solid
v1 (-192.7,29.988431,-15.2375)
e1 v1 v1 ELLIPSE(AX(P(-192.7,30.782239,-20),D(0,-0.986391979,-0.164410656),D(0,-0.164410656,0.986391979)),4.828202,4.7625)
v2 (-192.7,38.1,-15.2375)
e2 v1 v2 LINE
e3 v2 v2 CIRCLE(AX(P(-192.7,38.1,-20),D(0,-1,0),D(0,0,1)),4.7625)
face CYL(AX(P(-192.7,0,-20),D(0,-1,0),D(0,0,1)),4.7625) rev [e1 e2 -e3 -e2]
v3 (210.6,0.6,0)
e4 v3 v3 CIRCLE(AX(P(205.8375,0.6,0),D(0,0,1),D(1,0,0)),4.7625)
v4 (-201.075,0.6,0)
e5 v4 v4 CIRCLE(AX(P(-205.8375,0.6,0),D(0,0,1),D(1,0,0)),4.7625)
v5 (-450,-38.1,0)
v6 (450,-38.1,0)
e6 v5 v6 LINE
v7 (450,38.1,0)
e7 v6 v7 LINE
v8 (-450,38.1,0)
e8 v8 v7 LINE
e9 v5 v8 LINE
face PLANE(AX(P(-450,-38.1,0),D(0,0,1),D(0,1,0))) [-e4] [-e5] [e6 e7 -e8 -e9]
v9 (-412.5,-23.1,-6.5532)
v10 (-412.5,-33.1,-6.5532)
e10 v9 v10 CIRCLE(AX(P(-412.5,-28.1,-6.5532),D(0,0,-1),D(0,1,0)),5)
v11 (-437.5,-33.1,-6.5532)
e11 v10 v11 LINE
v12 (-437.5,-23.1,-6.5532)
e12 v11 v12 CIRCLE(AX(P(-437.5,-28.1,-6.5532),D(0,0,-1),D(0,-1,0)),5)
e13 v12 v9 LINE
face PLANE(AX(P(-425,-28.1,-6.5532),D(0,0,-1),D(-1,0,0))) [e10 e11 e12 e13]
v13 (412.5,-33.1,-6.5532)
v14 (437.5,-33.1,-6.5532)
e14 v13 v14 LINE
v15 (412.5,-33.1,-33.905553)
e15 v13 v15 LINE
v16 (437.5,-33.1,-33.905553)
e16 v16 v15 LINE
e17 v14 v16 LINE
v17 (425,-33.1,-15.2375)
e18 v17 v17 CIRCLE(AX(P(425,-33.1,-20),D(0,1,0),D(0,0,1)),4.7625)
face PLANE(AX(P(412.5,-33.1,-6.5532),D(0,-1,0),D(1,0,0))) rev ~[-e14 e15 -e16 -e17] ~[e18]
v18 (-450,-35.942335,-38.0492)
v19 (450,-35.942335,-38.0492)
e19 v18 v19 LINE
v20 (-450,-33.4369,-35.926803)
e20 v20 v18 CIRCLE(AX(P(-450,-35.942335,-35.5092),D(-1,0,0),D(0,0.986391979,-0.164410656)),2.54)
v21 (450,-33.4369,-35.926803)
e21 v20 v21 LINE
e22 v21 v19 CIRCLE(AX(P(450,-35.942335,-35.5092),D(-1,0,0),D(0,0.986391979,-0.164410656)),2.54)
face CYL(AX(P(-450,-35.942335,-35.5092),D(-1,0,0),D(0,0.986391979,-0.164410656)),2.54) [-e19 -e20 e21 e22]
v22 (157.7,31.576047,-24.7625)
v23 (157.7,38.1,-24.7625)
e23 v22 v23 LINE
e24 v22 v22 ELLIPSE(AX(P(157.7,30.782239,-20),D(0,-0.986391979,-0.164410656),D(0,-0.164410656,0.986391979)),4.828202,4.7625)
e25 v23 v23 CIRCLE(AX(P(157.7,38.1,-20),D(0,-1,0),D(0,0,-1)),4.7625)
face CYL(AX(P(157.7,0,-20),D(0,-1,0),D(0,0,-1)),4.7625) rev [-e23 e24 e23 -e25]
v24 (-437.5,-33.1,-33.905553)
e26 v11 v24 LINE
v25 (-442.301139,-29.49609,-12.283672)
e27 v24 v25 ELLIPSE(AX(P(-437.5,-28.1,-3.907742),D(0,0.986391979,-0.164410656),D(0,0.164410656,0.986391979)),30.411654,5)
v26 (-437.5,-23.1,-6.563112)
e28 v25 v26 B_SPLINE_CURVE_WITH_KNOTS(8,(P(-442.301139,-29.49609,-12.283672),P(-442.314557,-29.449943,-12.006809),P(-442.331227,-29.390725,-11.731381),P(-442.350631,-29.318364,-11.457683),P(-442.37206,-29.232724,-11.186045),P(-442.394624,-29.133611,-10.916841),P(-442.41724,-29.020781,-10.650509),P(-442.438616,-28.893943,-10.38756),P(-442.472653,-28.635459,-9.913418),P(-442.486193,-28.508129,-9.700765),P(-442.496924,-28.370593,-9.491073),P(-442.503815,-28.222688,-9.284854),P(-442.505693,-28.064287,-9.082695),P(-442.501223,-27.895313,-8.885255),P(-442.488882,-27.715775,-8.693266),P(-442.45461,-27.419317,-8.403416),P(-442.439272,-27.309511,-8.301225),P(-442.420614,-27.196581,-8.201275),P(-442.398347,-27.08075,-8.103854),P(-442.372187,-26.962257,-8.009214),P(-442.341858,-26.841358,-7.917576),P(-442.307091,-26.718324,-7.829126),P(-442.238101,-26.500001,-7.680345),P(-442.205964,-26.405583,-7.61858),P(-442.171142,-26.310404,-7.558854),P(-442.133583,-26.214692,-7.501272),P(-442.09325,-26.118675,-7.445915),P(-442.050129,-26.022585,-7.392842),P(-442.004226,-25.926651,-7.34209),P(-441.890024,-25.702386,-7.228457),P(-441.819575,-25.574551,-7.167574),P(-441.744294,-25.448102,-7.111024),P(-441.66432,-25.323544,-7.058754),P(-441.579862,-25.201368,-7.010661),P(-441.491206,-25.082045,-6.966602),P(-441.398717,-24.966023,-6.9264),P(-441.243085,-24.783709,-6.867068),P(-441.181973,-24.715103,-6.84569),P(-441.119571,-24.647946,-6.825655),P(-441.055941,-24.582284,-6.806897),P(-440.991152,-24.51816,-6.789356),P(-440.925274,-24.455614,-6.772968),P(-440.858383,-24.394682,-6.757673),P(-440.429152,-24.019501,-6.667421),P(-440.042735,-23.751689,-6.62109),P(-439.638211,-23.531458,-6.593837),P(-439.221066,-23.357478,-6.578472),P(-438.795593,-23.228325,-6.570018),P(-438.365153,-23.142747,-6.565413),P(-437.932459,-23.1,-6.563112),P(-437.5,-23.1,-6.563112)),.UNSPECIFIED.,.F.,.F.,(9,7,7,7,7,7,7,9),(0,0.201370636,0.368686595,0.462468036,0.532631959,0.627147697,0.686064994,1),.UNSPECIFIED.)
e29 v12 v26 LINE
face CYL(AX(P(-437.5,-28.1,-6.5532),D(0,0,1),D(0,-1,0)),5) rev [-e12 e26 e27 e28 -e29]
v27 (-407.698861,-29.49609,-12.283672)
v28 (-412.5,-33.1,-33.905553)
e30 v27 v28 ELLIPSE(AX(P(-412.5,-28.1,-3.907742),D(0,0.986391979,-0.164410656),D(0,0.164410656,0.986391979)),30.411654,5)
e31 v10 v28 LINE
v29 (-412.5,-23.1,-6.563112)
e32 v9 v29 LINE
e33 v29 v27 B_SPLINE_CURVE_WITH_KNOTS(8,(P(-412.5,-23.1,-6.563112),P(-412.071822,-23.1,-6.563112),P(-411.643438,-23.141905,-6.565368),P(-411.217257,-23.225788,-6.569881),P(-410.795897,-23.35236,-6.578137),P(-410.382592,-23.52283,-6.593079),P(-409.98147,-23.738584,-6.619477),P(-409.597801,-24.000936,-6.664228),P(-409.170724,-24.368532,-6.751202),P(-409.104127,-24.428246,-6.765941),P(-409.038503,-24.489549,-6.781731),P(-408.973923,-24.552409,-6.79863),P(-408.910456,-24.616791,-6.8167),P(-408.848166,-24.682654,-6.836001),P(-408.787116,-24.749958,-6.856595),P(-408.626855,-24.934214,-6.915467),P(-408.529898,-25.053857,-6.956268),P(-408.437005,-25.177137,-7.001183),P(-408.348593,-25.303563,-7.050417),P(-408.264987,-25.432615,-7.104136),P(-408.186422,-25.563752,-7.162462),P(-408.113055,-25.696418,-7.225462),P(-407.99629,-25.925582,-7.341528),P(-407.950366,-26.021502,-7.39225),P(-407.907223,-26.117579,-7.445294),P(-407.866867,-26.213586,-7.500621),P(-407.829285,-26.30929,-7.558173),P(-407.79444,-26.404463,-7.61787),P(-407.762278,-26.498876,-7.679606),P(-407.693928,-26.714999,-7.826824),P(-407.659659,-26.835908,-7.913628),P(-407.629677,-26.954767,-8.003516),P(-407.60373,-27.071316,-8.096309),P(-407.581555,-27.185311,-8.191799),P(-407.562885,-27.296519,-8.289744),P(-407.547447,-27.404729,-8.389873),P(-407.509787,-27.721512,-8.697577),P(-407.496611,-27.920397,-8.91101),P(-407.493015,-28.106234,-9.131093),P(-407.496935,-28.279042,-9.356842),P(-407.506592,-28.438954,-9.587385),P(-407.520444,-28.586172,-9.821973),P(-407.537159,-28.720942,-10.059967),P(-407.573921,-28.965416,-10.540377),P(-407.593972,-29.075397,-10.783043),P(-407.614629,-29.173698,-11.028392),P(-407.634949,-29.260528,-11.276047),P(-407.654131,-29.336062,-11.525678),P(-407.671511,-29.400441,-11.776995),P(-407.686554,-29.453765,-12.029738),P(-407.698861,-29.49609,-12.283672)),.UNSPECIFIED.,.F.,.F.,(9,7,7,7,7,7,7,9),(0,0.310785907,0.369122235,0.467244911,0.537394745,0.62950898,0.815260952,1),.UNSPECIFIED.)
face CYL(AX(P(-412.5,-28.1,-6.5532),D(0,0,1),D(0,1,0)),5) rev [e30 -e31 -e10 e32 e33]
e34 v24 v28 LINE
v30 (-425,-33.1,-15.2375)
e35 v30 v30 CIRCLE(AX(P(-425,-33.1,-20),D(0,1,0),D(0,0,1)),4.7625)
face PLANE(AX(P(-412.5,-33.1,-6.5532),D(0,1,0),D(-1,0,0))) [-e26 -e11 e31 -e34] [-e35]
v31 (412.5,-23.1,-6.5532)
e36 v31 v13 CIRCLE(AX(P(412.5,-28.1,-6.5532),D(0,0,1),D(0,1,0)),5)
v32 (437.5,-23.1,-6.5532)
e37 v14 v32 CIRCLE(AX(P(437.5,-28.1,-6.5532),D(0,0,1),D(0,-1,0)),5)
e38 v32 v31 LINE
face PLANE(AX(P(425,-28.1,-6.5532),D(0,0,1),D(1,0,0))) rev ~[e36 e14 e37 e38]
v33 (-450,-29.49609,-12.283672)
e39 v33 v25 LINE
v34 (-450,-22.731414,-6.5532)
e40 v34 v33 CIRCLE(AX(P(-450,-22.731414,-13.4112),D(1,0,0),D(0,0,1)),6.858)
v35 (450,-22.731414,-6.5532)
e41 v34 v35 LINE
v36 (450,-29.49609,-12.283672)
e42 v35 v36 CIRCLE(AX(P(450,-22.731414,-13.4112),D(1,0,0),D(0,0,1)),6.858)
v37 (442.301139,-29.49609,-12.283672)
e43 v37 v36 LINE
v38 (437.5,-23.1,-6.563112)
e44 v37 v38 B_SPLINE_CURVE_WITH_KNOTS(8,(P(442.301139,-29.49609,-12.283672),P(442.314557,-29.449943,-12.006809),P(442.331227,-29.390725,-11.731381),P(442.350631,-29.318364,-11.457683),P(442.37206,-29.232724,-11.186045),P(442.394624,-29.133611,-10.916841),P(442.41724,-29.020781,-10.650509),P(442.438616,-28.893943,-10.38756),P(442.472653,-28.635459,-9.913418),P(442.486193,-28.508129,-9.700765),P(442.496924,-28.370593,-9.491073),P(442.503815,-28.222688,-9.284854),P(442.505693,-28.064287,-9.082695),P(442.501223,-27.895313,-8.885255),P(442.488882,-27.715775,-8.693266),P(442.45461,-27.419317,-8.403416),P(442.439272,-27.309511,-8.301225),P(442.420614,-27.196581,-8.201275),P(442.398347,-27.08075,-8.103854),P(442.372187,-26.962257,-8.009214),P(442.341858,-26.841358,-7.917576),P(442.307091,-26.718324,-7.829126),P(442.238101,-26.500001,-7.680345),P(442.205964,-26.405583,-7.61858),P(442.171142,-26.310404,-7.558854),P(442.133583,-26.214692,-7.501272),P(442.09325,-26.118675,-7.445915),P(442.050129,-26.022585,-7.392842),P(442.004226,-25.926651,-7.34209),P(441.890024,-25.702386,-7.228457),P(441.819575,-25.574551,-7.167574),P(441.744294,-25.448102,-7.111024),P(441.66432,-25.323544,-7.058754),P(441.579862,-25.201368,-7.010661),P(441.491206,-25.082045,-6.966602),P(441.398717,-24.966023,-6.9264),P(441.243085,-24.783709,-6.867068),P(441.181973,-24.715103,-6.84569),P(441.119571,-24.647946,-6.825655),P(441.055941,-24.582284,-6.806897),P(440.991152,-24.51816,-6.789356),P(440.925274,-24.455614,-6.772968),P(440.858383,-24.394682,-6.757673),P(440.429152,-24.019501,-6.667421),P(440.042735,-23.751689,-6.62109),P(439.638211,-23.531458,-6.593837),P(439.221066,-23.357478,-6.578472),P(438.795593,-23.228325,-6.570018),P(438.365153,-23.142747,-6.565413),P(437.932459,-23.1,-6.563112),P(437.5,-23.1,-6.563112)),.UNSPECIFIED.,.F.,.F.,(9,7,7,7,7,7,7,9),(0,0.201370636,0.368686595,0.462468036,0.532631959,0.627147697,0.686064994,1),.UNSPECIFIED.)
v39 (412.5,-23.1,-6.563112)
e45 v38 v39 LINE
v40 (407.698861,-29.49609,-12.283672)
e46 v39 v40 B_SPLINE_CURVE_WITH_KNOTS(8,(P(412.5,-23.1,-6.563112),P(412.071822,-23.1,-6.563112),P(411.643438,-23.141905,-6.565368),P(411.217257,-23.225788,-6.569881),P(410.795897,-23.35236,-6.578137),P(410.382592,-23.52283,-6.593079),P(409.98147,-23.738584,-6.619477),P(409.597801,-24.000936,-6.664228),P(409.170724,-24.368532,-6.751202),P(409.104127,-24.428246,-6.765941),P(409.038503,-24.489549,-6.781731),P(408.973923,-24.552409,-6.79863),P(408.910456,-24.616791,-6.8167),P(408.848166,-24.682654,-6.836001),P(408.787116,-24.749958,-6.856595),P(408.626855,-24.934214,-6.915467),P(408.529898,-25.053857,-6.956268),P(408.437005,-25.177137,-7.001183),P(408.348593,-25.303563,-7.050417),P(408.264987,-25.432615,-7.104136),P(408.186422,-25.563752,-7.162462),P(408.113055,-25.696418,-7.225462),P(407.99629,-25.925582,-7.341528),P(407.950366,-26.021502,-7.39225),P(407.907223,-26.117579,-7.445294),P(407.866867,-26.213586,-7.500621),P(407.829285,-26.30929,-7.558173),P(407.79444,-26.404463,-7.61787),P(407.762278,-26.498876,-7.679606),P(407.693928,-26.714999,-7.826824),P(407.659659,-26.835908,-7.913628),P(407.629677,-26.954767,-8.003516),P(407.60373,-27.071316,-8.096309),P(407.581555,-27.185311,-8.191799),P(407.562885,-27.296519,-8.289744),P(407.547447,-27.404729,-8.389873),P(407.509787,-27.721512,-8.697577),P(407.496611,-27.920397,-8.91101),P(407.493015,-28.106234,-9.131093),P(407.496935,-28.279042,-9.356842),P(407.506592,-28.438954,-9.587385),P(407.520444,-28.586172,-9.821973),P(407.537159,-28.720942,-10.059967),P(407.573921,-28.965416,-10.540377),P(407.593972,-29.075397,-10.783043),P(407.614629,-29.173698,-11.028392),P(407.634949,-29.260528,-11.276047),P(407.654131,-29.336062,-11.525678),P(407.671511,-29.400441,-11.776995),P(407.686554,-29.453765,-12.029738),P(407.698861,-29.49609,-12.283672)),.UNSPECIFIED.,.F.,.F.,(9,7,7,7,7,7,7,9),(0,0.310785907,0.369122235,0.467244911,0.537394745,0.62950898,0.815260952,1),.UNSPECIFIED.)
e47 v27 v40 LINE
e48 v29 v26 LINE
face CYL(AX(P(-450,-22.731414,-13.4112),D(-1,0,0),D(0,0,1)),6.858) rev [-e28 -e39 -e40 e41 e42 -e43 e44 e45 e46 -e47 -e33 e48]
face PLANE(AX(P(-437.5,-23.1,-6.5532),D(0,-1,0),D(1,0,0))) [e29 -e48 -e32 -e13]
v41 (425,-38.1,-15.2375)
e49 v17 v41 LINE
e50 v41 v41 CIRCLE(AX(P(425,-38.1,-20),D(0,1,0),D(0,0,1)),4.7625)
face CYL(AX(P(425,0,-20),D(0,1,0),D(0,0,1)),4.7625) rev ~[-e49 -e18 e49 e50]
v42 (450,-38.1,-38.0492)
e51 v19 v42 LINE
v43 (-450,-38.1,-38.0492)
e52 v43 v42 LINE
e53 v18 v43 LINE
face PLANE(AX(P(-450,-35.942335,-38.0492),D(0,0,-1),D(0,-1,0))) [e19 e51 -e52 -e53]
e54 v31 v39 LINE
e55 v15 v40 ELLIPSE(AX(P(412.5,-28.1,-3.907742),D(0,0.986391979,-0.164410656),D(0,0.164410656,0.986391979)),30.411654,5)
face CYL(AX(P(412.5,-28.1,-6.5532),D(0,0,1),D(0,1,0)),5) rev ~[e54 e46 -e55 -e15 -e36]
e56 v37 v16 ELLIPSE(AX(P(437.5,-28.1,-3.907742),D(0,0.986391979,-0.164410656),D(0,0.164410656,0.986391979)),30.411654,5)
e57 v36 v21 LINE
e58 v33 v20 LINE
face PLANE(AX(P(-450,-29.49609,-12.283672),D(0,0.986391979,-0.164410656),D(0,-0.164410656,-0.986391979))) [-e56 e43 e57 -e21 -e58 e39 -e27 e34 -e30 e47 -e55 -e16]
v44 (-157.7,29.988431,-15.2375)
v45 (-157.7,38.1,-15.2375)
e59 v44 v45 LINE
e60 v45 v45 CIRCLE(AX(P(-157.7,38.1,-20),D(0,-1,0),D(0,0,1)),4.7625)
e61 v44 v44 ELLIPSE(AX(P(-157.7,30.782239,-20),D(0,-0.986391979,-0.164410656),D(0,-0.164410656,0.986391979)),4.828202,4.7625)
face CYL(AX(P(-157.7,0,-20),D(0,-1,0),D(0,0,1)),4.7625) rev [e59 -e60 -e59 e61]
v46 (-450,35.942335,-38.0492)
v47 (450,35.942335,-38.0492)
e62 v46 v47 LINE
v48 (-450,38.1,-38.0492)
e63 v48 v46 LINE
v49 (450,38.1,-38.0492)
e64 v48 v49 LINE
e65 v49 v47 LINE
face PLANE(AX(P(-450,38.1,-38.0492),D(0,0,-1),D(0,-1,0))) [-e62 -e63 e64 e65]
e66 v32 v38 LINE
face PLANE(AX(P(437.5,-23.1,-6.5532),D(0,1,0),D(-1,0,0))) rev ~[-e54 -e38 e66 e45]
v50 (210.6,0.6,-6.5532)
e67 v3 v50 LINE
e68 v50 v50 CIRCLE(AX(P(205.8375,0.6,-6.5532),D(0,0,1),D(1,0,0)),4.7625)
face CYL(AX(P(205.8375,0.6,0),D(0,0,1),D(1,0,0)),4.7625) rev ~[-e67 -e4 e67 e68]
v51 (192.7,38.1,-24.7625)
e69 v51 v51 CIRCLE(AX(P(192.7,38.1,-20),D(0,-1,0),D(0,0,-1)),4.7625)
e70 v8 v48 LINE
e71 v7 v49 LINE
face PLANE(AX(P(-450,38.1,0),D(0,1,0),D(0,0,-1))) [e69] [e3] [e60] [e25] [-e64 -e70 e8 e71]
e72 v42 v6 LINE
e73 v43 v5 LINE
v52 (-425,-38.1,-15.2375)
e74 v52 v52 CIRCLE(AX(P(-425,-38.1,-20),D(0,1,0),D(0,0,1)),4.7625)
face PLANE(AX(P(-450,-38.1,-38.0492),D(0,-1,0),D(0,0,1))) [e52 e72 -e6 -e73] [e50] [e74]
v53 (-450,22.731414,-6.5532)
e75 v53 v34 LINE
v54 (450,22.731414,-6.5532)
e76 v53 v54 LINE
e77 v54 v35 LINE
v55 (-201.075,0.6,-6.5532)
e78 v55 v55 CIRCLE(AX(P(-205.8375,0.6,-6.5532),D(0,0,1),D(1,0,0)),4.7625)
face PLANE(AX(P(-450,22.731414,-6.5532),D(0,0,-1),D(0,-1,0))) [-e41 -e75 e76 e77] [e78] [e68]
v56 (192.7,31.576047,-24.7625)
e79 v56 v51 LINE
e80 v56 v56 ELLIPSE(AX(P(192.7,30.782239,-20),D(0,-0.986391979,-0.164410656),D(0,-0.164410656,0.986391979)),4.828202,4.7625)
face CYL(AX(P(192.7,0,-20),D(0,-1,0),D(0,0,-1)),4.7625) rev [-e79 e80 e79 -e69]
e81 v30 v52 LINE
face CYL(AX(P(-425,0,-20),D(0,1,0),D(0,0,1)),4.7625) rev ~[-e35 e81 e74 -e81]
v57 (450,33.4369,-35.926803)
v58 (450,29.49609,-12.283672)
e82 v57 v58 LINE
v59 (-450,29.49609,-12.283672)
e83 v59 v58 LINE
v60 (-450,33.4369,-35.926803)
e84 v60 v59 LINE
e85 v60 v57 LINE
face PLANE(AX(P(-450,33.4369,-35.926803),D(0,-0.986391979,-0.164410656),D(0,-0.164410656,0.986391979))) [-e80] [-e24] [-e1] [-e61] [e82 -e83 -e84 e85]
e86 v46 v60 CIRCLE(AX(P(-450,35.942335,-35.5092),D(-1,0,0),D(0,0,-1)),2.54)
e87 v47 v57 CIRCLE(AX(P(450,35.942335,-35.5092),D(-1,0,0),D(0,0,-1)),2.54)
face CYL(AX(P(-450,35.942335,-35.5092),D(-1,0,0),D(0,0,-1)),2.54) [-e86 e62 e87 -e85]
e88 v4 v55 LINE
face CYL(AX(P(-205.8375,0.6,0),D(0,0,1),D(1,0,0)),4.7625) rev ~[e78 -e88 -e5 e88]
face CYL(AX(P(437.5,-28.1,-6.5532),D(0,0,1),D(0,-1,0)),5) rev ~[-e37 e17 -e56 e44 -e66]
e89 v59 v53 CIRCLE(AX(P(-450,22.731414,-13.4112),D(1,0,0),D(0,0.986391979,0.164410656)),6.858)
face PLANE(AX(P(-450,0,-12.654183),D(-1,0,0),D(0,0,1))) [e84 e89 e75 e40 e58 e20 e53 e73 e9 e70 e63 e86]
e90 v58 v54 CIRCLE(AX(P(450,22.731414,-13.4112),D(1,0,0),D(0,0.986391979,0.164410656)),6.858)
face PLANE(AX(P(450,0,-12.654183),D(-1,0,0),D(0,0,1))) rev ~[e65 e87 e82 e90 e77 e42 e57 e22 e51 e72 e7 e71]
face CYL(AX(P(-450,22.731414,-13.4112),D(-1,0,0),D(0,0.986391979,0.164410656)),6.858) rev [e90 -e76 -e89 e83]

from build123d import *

# Parameters (mm, degrees)
STRUCTURAL_MEMBER1_DEPTH = 900
SKETCH12_R               = 4.7625
CUT_EXTRUDE1_DEPTH       = 454.210052427
CUT_EXTRUDE2_DEPTH       = 40
SKETCH16_R               = 4.7625
CUT_EXTRUDE3_DEPTH       = 454.210052526
SKETCH17_R               = 4.7625
CUT_EXTRUDE4_DEPTH       = 454.210052526


with BuildPart() as part:
    # Sketch11 → Structural Member1 (new body)
    with BuildSketch(Plane(origin=(-450, 0, 0), x_dir=(0, 0, -1), z_dir=(1, 0, 0))):
        with BuildLine():
            Line((0, -38.1), (0, 38.1))
            Line((0, 38.1), (38.0492, 38.1))
            Line((38.0492, 38.1), (38.0492, 35.942335136))
            ThreePointArc((38.0492, 35.942335136), (37.447280466, 34.300554363), (35.926803066, 33.436899509))
            Line((35.926803066, 33.436899509), (12.283671721, 29.496090157))
            ThreePointArc((12.283671721, 29.496090157), (8.178382741, 27.164222052), (6.5532, 22.731413966))
            Line((6.5532, 22.731413966), (6.5532, -22.731413966))
            ThreePointArc((6.5532, -22.731413966), (8.178382741, -27.164222052), (12.283671721, -29.496090157))
            Line((12.283671721, -29.496090157), (35.926803066, -33.436899509))
            ThreePointArc((35.926803066, -33.436899509), (37.447280466, -34.300554363), (38.0492, -35.942335136))
            Line((38.0492, -35.942335136), (38.0492, -38.1))
            Line((38.0492, -38.1), (0, -38.1))
        make_face()
    extrude(amount=STRUCTURAL_MEMBER1_DEPTH)

    # Sketch12 → Cut-Extrude1 (cut, through all)
    with BuildSketch(Plane(origin=(0, 0, 0), x_dir=(1, 0, 0), z_dir=(0, 1, 0))):
        with Locations(Location((-425, 20, 0), (0, 0, 270))):
            Circle(SKETCH12_R)
        with Locations(Location((425, 20, 0), (0, 0, 270))):
            Circle(SKETCH12_R)
    extrude(amount=-CUT_EXTRUDE1_DEPTH, mode=Mode.SUBTRACT)

    # Sketch15 → Cut-Extrude2 (cut)
    with BuildSketch(Plane(origin=(0, 0, -6.5532), x_dir=(-1, 0, 0), z_dir=(0, 0, -1))):
        with BuildLine():
            Line((-412.5, -33.1), (-437.5, -33.1))
            ThreePointArc((-437.5, -33.1), (-442.5, -28.1), (-437.5, -23.1))
            Line((-437.5, -23.1), (-412.5, -23.1))
            ThreePointArc((-412.5, -23.1), (-407.5, -28.1), (-412.5, -33.1))
        make_face()
        with BuildLine():
            Line((412.5, -33.1), (437.5, -33.1))
            ThreePointArc((437.5, -33.1), (442.5, -28.1), (437.5, -23.1))
            Line((437.5, -23.1), (412.5, -23.1))
            ThreePointArc((412.5, -23.1), (407.5, -28.1), (412.5, -33.1))
        make_face()
    extrude(amount=CUT_EXTRUDE2_DEPTH, mode=Mode.SUBTRACT)

    # Sketch16 → Cut-Extrude3 (cut, through all)
    with BuildSketch(Plane(origin=(0, 0, 0), x_dir=(1, 0, 0), z_dir=(0, 1, 0))):
        with Locations(Location((-192.7, 20, 0), (0, 0, 270))):
            Circle(SKETCH16_R)
        with Locations(Location((-157.7, 20, 0), (0, 0, 270))):
            Circle(SKETCH16_R)
        with Locations(Location((157.7, 20, 0), (0, 0, 90))):
            Circle(SKETCH16_R)
        with Locations(Location((192.7, 20, 0), (0, 0, 90))):
            Circle(SKETCH16_R)
    extrude(amount=CUT_EXTRUDE3_DEPTH, mode=Mode.SUBTRACT)

    # Sketch17 → Cut-Extrude4 (cut, through all)
    with BuildSketch(Plane.XY):
        with Locations((205.8375, 0.6)):
            Circle(SKETCH17_R)
        with Locations((-205.8375, 0.6)):
            Circle(SKETCH17_R)
    extrude(amount=-CUT_EXTRUDE4_DEPTH, mode=Mode.SUBTRACT)


solid = part.part
